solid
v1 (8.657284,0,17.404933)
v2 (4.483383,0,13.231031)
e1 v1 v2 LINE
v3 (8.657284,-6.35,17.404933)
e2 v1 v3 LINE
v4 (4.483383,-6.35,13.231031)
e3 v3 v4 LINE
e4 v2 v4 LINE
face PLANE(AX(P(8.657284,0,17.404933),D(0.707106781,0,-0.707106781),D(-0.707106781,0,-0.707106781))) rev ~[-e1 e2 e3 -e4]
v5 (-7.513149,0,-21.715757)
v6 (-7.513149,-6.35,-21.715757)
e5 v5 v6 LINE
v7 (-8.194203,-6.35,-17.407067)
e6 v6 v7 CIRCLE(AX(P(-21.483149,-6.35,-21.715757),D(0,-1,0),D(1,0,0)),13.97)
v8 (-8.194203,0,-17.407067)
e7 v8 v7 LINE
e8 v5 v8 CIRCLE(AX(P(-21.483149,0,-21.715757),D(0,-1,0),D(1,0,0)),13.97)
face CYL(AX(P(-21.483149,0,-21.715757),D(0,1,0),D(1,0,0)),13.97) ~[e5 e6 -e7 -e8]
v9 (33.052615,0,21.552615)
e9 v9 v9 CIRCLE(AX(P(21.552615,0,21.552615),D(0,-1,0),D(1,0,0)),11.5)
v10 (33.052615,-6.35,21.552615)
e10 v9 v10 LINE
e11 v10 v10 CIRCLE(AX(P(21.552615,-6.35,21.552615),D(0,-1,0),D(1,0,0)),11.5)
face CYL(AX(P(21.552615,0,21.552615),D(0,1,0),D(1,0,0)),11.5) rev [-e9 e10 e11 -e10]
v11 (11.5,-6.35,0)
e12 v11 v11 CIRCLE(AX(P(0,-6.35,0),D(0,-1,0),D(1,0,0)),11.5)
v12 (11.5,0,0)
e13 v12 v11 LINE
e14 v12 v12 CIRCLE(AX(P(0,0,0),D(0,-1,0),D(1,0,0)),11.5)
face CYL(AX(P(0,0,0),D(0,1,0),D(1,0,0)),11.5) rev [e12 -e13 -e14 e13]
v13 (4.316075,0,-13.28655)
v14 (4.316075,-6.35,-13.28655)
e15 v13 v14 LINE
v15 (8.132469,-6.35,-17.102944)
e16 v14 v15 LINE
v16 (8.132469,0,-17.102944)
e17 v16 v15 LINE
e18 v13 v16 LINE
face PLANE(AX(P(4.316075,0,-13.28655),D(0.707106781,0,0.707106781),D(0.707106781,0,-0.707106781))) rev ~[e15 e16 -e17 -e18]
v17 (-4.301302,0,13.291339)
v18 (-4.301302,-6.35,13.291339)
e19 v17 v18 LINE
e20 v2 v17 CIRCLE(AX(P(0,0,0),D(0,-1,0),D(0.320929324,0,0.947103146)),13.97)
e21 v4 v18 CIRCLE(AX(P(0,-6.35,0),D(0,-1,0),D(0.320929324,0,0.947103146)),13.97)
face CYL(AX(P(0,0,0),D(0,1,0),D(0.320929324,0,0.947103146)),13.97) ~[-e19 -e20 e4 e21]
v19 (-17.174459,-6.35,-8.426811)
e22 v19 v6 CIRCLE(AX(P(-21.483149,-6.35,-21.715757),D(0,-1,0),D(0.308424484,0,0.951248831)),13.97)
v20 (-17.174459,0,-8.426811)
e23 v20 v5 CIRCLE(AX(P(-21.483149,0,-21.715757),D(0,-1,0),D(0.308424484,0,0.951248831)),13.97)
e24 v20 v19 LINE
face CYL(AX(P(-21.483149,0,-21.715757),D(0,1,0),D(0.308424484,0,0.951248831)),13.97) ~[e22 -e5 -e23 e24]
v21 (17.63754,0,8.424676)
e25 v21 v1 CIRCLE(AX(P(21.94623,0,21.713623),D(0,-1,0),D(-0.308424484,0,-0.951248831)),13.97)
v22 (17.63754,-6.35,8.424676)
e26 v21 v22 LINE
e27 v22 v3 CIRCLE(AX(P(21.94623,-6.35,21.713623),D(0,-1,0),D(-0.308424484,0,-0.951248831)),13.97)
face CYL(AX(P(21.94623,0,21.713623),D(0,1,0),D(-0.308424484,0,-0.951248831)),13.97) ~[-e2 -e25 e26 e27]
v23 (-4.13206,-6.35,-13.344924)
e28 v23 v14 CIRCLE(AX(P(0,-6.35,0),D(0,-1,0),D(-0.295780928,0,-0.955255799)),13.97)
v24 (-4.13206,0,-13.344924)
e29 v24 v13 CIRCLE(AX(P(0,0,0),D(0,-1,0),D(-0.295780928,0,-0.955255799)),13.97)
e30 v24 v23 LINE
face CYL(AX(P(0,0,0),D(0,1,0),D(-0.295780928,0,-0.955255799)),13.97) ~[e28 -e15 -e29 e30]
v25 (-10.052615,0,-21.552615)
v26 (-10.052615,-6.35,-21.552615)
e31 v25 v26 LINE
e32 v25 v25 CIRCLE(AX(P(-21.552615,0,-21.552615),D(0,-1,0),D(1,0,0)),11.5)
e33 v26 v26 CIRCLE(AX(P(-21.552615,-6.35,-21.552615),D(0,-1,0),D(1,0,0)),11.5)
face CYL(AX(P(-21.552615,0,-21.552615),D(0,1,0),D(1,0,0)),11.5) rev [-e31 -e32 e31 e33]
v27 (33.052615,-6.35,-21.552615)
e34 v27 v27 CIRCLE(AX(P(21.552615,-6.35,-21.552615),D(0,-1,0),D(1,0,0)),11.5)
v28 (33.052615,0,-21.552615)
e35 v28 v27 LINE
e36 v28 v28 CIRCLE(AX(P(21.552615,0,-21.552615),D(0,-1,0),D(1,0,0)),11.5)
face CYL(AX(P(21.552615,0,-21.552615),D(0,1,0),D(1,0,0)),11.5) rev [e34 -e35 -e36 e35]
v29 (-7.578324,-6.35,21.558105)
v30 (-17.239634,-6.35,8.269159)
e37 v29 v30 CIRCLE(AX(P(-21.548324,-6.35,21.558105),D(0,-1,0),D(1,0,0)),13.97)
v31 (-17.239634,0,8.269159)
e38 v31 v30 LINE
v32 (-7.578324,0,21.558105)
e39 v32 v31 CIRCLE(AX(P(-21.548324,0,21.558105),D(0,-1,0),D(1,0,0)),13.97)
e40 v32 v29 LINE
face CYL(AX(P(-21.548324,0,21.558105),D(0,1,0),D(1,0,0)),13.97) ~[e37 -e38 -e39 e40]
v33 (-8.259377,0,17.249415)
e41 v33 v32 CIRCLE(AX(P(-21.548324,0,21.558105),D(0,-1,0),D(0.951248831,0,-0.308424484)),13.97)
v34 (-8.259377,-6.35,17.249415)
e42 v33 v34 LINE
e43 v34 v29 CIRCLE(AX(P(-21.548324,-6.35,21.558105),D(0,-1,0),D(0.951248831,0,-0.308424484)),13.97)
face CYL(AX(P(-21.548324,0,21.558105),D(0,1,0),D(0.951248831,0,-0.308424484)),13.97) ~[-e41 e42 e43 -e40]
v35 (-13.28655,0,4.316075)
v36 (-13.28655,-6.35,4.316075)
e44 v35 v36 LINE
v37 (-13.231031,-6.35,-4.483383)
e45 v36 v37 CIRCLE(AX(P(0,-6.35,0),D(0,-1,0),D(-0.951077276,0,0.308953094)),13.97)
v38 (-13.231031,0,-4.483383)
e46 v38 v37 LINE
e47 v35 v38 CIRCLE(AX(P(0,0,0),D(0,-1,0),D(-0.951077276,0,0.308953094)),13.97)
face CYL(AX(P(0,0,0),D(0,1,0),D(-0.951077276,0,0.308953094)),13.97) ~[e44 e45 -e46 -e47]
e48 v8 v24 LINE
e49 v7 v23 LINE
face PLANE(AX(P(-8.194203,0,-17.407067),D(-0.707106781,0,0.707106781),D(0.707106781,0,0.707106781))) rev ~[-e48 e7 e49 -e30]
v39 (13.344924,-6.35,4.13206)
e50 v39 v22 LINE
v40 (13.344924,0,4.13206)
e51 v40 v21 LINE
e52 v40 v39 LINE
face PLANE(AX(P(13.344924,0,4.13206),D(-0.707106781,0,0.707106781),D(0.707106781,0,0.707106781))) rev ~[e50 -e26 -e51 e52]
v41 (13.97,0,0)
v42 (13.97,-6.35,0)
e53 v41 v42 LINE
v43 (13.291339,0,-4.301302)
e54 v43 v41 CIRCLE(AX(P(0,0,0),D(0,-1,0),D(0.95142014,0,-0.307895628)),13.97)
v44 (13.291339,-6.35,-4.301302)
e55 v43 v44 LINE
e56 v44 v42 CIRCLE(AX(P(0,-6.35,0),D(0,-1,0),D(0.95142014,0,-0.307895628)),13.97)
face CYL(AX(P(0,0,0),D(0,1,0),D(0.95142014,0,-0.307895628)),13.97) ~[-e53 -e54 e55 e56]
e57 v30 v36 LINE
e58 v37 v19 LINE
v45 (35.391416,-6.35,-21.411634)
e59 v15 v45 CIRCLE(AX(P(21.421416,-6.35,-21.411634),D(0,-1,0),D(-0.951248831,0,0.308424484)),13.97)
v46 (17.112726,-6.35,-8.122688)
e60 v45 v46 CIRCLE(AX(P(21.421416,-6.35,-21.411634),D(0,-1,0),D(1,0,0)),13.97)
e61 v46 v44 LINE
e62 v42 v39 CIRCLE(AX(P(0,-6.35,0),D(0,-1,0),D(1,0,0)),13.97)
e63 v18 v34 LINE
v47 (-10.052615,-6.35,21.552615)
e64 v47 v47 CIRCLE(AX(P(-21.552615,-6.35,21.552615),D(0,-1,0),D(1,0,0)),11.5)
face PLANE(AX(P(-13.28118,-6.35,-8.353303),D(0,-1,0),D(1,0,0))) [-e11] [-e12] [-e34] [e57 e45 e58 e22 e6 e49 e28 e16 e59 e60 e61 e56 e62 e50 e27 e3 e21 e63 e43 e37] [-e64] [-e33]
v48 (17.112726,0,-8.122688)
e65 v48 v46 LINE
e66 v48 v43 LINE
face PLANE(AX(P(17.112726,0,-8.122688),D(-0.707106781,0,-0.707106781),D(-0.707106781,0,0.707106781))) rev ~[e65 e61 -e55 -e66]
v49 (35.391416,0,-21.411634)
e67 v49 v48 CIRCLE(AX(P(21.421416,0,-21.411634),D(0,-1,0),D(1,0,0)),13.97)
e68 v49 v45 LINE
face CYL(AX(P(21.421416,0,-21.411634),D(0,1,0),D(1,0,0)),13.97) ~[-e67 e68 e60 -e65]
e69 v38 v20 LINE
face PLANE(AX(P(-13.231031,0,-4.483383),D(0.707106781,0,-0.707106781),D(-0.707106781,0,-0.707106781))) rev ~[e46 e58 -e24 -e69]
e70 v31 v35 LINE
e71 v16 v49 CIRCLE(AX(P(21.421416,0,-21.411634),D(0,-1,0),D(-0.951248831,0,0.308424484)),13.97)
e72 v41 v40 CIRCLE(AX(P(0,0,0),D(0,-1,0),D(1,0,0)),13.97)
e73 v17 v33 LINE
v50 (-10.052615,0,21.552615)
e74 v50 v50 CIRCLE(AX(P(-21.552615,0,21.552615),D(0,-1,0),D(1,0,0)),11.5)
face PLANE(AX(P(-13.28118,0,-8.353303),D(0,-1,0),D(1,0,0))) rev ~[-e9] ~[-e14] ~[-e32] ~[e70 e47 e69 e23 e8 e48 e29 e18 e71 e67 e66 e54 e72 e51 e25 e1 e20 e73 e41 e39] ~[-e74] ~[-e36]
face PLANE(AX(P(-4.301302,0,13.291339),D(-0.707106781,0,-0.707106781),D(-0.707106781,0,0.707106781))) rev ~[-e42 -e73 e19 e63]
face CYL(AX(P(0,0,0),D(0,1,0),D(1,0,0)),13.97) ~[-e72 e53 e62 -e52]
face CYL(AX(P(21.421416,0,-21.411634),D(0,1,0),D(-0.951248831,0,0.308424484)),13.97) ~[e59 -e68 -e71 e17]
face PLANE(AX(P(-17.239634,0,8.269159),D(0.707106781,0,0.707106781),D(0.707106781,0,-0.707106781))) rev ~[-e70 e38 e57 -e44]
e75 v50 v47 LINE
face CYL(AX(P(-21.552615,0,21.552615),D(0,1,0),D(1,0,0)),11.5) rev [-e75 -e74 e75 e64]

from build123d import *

# Parameters (mm, degrees)
F2_DEPTH = 6.35
F0_R     = 11.5
F3_DEPTH = 6.35


with BuildPart() as f2:
    # F1 (on Front) → F2 (new body)
    with BuildSketch(Plane.XZ):
        with BuildLine():
            ThreePointArc((-17.1744590892, -8.4268107949), (-14.18755457, -9.8021009279), (-11.604867398, -11.8374752247))
            Line((-11.604867398, -11.8374752247), (-9.7612931324, -9.9939009592))
            ThreePointArc((-9.7612931324, -9.9939009592), (-11.8217255366, -7.4436352233), (-13.2310309489, -4.4833826546))
            Line((-13.2310309489, -4.4833826546), (-17.1744590892, -8.4268107949))
        make_face()
        with BuildLine():
            Line((-9.7612931324, -9.9939009592), (-11.604867398, -11.8374752247))
            ThreePointArc((-11.604867398, -11.8374752247), (-9.5694931012, -14.4201623968), (-8.1942029682, -17.407066916))
            Line((-8.1942029682, -17.407066916), (-4.1320595704, -13.3449235182))
            ThreePointArc((-4.1320595704, -13.3449235182), (-7.1458834569, -12.0040513836), (-9.7612931324, -9.9939009592))
        make_face()
        with BuildLine():
            ThreePointArc((-8.1942029682, -17.407066916), (-9.5694931012, -14.4201623968), (-11.604867398, -11.8374752247))
            ThreePointArc((-11.604867398, -11.8374752247), (-14.18755457, -9.8021009279), (-17.1744590892, -8.4268107949))
            Line((-17.1744590892, -8.4268107949), (-25.9732771917, -17.2256288974))
            ThreePointArc((-25.9732771917, -17.2256288974), (-25.9732771917, -26.2058850184), (-16.9930210706, -26.2058850184))
            Line((-16.9930210706, -26.2058850184), (-8.1942029682, -17.407066916))
        make_face()
        with BuildLine():
            ThreePointArc((-13.2310309489, -4.4833826546), (-11.8217255366, -7.4436352233), (-9.7612931324, -9.9939009592))
            Line((-9.7612931324, -9.9939009592), (-4.3689334975, -4.6015413243))
            Line((-4.3689334975, -4.6015413243), (-8.859061558, -0.1114132637))
            Line((-8.859061558, -0.1114132637), (-13.2310309489, -4.4833826546))
        make_face()
        with BuildLine():
            Line((-4.3689334975, -4.6015413243), (-9.7612931324, -9.9939009592))
            ThreePointArc((-9.7612931324, -9.9939009592), (-7.1458834569, -12.0040513836), (-4.1320595704, -13.3449235182))
            Line((-4.1320595704, -13.3449235182), (0.121194563, -9.0916693848))
            Line((0.121194563, -9.0916693848), (-4.3689334975, -4.6015413243))
        make_face()
        with BuildLine():
            ThreePointArc((-7.5131491311, -21.7157569579), (-7.6844629999, -19.534665247), (-8.1942029682, -17.407066916))
            Line((-8.1942029682, -17.407066916), (-16.9930210706, -26.2058850184))
            ThreePointArc((-16.9930210706, -26.2058850184), (-25.9732771917, -26.2058850184), (-25.9732771917, -17.2256288974))
            Line((-25.9732771917, -17.2256288974), (-17.1744590892, -8.4268107949))
            ThreePointArc((-17.1744590892, -8.4268107949), (-32.7825584052, -29.9306367536), (-7.5131491311, -21.7157569579))
        make_face()
        with BuildLine():
            ThreePointArc((-13.2865495499, 4.3160747281), (-13.9697219527, -0.0881394596), (-13.2310309489, -4.4833826546))
            Line((-13.2310309489, -4.4833826546), (-8.859061558, -0.1114132637))
            Line((-8.859061558, -0.1114132637), (-13.2865495499, 4.3160747281))
        make_face()
        with BuildLine():
            Line((0.121194563, -9.0916693848), (-4.1320595704, -13.3449235182))
            ThreePointArc((-4.1320595704, -13.3449235182), (0.0965260308, -13.9696665216), (4.3160747281, -13.2865495499))
            Line((4.3160747281, -13.2865495499), (0.121194563, -9.0916693848))
        make_face()
        with BuildLine():
            Line((-13.2865495499, 4.3160747281), (-8.859061558, -0.1114132637))
            Line((-8.859061558, -0.1114132637), (-4.3689334975, 4.3787147968))
            Line((-4.3689334975, 4.3787147968), (-9.8733898729, 9.8831711722))
            ThreePointArc((-9.8733898729, 9.8831711722), (-11.9098211246, 7.3018532428), (-13.2865495499, 4.3160747281))
        make_face()
        with BuildLine():
            Line((4.6113226236, -4.6015413243), (0.121194563, -9.0916693848))
            Line((0.121194563, -9.0916693848), (4.3160747281, -13.2865495499))
            ThreePointArc((4.3160747281, -13.2865495499), (7.3018532428, -11.9098211246), (9.8831711722, -9.8733898729))
            Line((9.8831711722, -9.8733898729), (4.6113226236, -4.6015413243))
        make_face()
        with BuildLine():
            Line((-17.2396335685, 8.2691587468), (-13.2865495499, 4.3160747281))
            ThreePointArc((-13.2865495499, 4.3160747281), (-11.9098211246, 7.3018532428), (-9.8733898729, 9.8831711722))
            Line((-9.8733898729, 9.8831711722), (-11.6700418773, 11.6798231766))
            ThreePointArc((-11.6700418773, 11.6798231766), (-14.2527290494, 9.6444488798), (-17.2396335685, 8.2691587468))
        make_face()
        with BuildLine():
            ThreePointArc((9.8831711722, -9.8733898729), (7.3018532428, -11.9098211246), (4.3160747281, -13.2865495499))
            Line((4.3160747281, -13.2865495499), (8.1324694601, -17.1029442818))
            ThreePointArc((8.1324694601, -17.1029442818), (9.5077595931, -14.1160397626), (11.5431338899, -11.5333525906))
            Line((11.5431338899, -11.5333525906), (9.8831711722, -9.8733898729))
        make_face()
        with BuildLine():
            Line((0.121194563, 8.8688428573), (4.6113226236, 4.3787147968))
            Line((4.6113226236, 4.3787147968), (9.9939009592, 9.7612931324))
            ThreePointArc((9.9939009592, 9.7612931324), (7.4436352233, 11.8217255366), (4.4833826546, 13.2310309489))
            Line((4.4833826546, 13.2310309489), (0.121194563, 8.8688428573))
        make_face()
        with BuildLine():
            Line((9.9939009592, 9.7612931324), (4.6113226236, 4.3787147968))
            Line((4.6113226236, 4.3787147968), (9.1014506841, -0.1114132637))
            Line((9.1014506841, -0.1114132637), (13.3449235182, 4.1320595704))
            ThreePointArc((13.3449235182, 4.1320595704), (12.0040513836, 7.1458834569), (9.9939009592, 9.7612931324))
        make_face()
        with BuildLine():
            Line((-9.8733898729, 9.8831711722), (-4.3689334975, 4.3787147968))
            Line((-4.3689334975, 4.3787147968), (0.121194563, 8.8688428573))
            Line((0.121194563, 8.8688428573), (-4.3013019294, 13.2913393498))
            ThreePointArc((-4.3013019294, 13.2913393498), (-7.2893329259, 11.9174882209), (-9.8733898729, 9.8831711722))
        make_face()
        with BuildLine():
            Line((9.1014506841, -0.1114132637), (4.6113226236, -4.6015413243))
            Line((4.6113226236, -4.6015413243), (9.8831711722, -9.8733898729))
            ThreePointArc((9.8831711722, -9.8733898729), (11.9174882209, -7.2893329259), (13.2913393498, -4.3013019294))
            Line((13.2913393498, -4.3013019294), (9.1014506841, -0.1114132637))
        make_face()
        with BuildLine():
            ThreePointArc((-7.5783236105, 21.5581049098), (-32.8477328845, 29.7729847054), (-17.2396335685, 8.2691587468))
            Line((-17.2396335685, 8.2691587468), (-26.038451671, 17.0679768492))
            ThreePointArc((-26.038451671, 17.0679768492), (-26.038451671, 26.0482329703), (-17.0581955499, 26.0482329703))
            Line((-17.0581955499, 26.0482329703), (-8.2593774475, 17.2494148678))
            ThreePointArc((-8.2593774475, 17.2494148678), (-7.7496374792, 19.3770131988), (-7.5783236105, 21.5581049098))
        make_face()
        with BuildLine():
            Line((-26.038451671, 17.0679768492), (-17.2396335685, 8.2691587468))
            ThreePointArc((-17.2396335685, 8.2691587468), (-14.2527290494, 9.6444488798), (-11.6700418773, 11.6798231766))
            ThreePointArc((-11.6700418773, 11.6798231766), (-9.6346675805, 14.2625103486), (-8.2593774475, 17.2494148678))
            Line((-8.2593774475, 17.2494148678), (-17.0581955499, 26.0482329703))
            ThreePointArc((-17.0581955499, 26.0482329703), (-26.038451671, 26.0482329703), (-26.038451671, 17.0679768492))
        make_face()
        with BuildLine():
            Line((-11.6700418773, 11.6798231766), (-9.8733898729, 9.8831711722))
            ThreePointArc((-9.8733898729, 9.8831711722), (-7.2893329259, 11.9174882209), (-4.3013019294, 13.2913393498))
            Line((-4.3013019294, 13.2913393498), (-8.2593774475, 17.2494148678))
            ThreePointArc((-8.2593774475, 17.2494148678), (-9.6346675805, 14.2625103486), (-11.6700418773, 11.6798231766))
        make_face()
        with BuildLine():
            ThreePointArc((11.5431338899, -11.5333525906), (9.5077595931, -14.1160397626), (8.1324694601, -17.1029442818))
            Line((8.1324694601, -17.1029442818), (16.9312875625, -25.9017623843))
            ThreePointArc((16.9312875625, -25.9017623843), (25.9115436836, -25.9017623843), (25.9115436836, -16.9215062632))
            Line((25.9115436836, -16.9215062632), (17.1127255811, -8.1226881608))
            ThreePointArc((17.1127255811, -8.1226881608), (14.1258210619, -9.4979782938), (11.5431338899, -11.5333525906))
        make_face()
        with BuildLine():
            Line((16.9312875625, -25.9017623843), (8.1324694601, -17.1029442818))
            ThreePointArc((8.1324694601, -17.1029442818), (19.2403239121, -35.210320455), (35.391415623, -21.4116343238))
            ThreePointArc((35.391415623, -21.4116343238), (29.6362954187, -10.1122250497), (17.1127255811, -8.1226881608))
            Line((17.1127255811, -8.1226881608), (25.9115436836, -16.9215062632))
            ThreePointArc((25.9115436836, -16.9215062632), (25.9115436836, -25.9017623843), (16.9312875625, -25.9017623843))
        make_face()
        with BuildLine():
            ThreePointArc((13.2913393498, -4.3013019294), (11.9174882209, -7.2893329259), (9.8831711722, -9.8733898729))
            Line((9.8831711722, -9.8733898729), (11.5431338899, -11.5333525906))
            ThreePointArc((11.5431338899, -11.5333525906), (14.1258210619, -9.4979782938), (17.1127255811, -8.1226881608))
            Line((17.1127255811, -8.1226881608), (13.2913393498, -4.3013019294))
        make_face()
        with BuildLine():
            ThreePointArc((4.4833826546, 13.2310309489), (7.4436352233, 11.8217255366), (9.9939009592, 9.7612931324))
            Line((9.9939009592, 9.7612931324), (12.0679486716, 11.8353408449))
            ThreePointArc((12.0679486716, 11.8353408449), (10.0325743748, 14.4180280169), (8.6572842418, 17.4049325361))
            Line((8.6572842418, 17.4049325361), (4.4833826546, 13.2310309489))
        make_face()
        with BuildLine():
            Line((12.0679486716, 11.8353408449), (9.9939009592, 9.7612931324))
            ThreePointArc((9.9939009592, 9.7612931324), (12.0040513836, 7.1458834569), (13.3449235182, 4.1320595704))
            Line((13.3449235182, 4.1320595704), (17.6375403629, 8.424676415))
            ThreePointArc((17.6375403629, 8.424676415), (14.6506358437, 9.7999665481), (12.0679486716, 11.8353408449))
        make_face()
        with BuildLine():
            Line((-4.3013019294, 13.2913393498), (0.121194563, 8.8688428573))
            Line((0.121194563, 8.8688428573), (4.4833826546, 13.2310309489))
            ThreePointArc((4.4833826546, 13.2310309489), (0.0959042409, 13.9696708042), (-4.3013019294, 13.2913393498))
        make_face()
        with BuildLine():
            Line((13.3449235182, 4.1320595704), (9.1014506841, -0.1114132637))
            Line((9.1014506841, -0.1114132637), (13.2913393498, -4.3013019294))
            ThreePointArc((13.2913393498, -4.3013019294), (13.7992918426, -2.1772562186), (13.97, 0))
            ThreePointArc((13.97, 0), (13.8128469468, 2.0895356482), (13.3449235182, 4.1320595704))
        make_face()
        with BuildLine():
            ThreePointArc((8.6572842418, 17.4049325361), (10.0325743748, 14.4180280169), (12.0679486716, 11.8353408449))
            ThreePointArc((12.0679486716, 11.8353408449), (14.6506358437, 9.7999665481), (17.6375403629, 8.424676415))
            Line((17.6375403629, 8.424676415), (26.4363584653, 17.2234945175))
            ThreePointArc((26.4363584653, 17.2234945175), (26.4363584653, 26.2037506386), (17.4561023443, 26.2037506386))
            Line((17.4561023443, 26.2037506386), (8.6572842418, 17.4049325361))
        make_face()
        with BuildLine():
            ThreePointArc((35.9162304048, 21.713622578), (19.7651386938, 35.5123087093), (8.6572842418, 17.4049325361))
            Line((8.6572842418, 17.4049325361), (17.4561023443, 26.2037506386))
            ThreePointArc((17.4561023443, 26.2037506386), (26.4363584653, 26.2037506386), (26.4363584653, 17.2234945175))
            Line((26.4363584653, 17.2234945175), (17.6375403629, 8.424676415))
            ThreePointArc((17.6375403629, 8.424676415), (30.1611102005, 10.414213304), (35.9162304048, 21.713622578))
        make_face()
    extrude(amount=F2_DEPTH)

    # F0 (on Front) → F3 (cut)
    with BuildSketch(Plane.XZ):
        Circle(F0_R)
        with Locations((21.5526146906, -21.5526146906)):
            Circle(F0_R)
        with Locations((-21.5526146906, -21.5526146906)):
            Circle(F0_R)
        with Locations((-21.5526146906, 21.5526146906)):
            Circle(F0_R)
        with Locations((21.5526146906, 21.5526146906)):
            Circle(F0_R)
    extrude(amount=F3_DEPTH, mode=Mode.SUBTRACT)


solid = f2.part
